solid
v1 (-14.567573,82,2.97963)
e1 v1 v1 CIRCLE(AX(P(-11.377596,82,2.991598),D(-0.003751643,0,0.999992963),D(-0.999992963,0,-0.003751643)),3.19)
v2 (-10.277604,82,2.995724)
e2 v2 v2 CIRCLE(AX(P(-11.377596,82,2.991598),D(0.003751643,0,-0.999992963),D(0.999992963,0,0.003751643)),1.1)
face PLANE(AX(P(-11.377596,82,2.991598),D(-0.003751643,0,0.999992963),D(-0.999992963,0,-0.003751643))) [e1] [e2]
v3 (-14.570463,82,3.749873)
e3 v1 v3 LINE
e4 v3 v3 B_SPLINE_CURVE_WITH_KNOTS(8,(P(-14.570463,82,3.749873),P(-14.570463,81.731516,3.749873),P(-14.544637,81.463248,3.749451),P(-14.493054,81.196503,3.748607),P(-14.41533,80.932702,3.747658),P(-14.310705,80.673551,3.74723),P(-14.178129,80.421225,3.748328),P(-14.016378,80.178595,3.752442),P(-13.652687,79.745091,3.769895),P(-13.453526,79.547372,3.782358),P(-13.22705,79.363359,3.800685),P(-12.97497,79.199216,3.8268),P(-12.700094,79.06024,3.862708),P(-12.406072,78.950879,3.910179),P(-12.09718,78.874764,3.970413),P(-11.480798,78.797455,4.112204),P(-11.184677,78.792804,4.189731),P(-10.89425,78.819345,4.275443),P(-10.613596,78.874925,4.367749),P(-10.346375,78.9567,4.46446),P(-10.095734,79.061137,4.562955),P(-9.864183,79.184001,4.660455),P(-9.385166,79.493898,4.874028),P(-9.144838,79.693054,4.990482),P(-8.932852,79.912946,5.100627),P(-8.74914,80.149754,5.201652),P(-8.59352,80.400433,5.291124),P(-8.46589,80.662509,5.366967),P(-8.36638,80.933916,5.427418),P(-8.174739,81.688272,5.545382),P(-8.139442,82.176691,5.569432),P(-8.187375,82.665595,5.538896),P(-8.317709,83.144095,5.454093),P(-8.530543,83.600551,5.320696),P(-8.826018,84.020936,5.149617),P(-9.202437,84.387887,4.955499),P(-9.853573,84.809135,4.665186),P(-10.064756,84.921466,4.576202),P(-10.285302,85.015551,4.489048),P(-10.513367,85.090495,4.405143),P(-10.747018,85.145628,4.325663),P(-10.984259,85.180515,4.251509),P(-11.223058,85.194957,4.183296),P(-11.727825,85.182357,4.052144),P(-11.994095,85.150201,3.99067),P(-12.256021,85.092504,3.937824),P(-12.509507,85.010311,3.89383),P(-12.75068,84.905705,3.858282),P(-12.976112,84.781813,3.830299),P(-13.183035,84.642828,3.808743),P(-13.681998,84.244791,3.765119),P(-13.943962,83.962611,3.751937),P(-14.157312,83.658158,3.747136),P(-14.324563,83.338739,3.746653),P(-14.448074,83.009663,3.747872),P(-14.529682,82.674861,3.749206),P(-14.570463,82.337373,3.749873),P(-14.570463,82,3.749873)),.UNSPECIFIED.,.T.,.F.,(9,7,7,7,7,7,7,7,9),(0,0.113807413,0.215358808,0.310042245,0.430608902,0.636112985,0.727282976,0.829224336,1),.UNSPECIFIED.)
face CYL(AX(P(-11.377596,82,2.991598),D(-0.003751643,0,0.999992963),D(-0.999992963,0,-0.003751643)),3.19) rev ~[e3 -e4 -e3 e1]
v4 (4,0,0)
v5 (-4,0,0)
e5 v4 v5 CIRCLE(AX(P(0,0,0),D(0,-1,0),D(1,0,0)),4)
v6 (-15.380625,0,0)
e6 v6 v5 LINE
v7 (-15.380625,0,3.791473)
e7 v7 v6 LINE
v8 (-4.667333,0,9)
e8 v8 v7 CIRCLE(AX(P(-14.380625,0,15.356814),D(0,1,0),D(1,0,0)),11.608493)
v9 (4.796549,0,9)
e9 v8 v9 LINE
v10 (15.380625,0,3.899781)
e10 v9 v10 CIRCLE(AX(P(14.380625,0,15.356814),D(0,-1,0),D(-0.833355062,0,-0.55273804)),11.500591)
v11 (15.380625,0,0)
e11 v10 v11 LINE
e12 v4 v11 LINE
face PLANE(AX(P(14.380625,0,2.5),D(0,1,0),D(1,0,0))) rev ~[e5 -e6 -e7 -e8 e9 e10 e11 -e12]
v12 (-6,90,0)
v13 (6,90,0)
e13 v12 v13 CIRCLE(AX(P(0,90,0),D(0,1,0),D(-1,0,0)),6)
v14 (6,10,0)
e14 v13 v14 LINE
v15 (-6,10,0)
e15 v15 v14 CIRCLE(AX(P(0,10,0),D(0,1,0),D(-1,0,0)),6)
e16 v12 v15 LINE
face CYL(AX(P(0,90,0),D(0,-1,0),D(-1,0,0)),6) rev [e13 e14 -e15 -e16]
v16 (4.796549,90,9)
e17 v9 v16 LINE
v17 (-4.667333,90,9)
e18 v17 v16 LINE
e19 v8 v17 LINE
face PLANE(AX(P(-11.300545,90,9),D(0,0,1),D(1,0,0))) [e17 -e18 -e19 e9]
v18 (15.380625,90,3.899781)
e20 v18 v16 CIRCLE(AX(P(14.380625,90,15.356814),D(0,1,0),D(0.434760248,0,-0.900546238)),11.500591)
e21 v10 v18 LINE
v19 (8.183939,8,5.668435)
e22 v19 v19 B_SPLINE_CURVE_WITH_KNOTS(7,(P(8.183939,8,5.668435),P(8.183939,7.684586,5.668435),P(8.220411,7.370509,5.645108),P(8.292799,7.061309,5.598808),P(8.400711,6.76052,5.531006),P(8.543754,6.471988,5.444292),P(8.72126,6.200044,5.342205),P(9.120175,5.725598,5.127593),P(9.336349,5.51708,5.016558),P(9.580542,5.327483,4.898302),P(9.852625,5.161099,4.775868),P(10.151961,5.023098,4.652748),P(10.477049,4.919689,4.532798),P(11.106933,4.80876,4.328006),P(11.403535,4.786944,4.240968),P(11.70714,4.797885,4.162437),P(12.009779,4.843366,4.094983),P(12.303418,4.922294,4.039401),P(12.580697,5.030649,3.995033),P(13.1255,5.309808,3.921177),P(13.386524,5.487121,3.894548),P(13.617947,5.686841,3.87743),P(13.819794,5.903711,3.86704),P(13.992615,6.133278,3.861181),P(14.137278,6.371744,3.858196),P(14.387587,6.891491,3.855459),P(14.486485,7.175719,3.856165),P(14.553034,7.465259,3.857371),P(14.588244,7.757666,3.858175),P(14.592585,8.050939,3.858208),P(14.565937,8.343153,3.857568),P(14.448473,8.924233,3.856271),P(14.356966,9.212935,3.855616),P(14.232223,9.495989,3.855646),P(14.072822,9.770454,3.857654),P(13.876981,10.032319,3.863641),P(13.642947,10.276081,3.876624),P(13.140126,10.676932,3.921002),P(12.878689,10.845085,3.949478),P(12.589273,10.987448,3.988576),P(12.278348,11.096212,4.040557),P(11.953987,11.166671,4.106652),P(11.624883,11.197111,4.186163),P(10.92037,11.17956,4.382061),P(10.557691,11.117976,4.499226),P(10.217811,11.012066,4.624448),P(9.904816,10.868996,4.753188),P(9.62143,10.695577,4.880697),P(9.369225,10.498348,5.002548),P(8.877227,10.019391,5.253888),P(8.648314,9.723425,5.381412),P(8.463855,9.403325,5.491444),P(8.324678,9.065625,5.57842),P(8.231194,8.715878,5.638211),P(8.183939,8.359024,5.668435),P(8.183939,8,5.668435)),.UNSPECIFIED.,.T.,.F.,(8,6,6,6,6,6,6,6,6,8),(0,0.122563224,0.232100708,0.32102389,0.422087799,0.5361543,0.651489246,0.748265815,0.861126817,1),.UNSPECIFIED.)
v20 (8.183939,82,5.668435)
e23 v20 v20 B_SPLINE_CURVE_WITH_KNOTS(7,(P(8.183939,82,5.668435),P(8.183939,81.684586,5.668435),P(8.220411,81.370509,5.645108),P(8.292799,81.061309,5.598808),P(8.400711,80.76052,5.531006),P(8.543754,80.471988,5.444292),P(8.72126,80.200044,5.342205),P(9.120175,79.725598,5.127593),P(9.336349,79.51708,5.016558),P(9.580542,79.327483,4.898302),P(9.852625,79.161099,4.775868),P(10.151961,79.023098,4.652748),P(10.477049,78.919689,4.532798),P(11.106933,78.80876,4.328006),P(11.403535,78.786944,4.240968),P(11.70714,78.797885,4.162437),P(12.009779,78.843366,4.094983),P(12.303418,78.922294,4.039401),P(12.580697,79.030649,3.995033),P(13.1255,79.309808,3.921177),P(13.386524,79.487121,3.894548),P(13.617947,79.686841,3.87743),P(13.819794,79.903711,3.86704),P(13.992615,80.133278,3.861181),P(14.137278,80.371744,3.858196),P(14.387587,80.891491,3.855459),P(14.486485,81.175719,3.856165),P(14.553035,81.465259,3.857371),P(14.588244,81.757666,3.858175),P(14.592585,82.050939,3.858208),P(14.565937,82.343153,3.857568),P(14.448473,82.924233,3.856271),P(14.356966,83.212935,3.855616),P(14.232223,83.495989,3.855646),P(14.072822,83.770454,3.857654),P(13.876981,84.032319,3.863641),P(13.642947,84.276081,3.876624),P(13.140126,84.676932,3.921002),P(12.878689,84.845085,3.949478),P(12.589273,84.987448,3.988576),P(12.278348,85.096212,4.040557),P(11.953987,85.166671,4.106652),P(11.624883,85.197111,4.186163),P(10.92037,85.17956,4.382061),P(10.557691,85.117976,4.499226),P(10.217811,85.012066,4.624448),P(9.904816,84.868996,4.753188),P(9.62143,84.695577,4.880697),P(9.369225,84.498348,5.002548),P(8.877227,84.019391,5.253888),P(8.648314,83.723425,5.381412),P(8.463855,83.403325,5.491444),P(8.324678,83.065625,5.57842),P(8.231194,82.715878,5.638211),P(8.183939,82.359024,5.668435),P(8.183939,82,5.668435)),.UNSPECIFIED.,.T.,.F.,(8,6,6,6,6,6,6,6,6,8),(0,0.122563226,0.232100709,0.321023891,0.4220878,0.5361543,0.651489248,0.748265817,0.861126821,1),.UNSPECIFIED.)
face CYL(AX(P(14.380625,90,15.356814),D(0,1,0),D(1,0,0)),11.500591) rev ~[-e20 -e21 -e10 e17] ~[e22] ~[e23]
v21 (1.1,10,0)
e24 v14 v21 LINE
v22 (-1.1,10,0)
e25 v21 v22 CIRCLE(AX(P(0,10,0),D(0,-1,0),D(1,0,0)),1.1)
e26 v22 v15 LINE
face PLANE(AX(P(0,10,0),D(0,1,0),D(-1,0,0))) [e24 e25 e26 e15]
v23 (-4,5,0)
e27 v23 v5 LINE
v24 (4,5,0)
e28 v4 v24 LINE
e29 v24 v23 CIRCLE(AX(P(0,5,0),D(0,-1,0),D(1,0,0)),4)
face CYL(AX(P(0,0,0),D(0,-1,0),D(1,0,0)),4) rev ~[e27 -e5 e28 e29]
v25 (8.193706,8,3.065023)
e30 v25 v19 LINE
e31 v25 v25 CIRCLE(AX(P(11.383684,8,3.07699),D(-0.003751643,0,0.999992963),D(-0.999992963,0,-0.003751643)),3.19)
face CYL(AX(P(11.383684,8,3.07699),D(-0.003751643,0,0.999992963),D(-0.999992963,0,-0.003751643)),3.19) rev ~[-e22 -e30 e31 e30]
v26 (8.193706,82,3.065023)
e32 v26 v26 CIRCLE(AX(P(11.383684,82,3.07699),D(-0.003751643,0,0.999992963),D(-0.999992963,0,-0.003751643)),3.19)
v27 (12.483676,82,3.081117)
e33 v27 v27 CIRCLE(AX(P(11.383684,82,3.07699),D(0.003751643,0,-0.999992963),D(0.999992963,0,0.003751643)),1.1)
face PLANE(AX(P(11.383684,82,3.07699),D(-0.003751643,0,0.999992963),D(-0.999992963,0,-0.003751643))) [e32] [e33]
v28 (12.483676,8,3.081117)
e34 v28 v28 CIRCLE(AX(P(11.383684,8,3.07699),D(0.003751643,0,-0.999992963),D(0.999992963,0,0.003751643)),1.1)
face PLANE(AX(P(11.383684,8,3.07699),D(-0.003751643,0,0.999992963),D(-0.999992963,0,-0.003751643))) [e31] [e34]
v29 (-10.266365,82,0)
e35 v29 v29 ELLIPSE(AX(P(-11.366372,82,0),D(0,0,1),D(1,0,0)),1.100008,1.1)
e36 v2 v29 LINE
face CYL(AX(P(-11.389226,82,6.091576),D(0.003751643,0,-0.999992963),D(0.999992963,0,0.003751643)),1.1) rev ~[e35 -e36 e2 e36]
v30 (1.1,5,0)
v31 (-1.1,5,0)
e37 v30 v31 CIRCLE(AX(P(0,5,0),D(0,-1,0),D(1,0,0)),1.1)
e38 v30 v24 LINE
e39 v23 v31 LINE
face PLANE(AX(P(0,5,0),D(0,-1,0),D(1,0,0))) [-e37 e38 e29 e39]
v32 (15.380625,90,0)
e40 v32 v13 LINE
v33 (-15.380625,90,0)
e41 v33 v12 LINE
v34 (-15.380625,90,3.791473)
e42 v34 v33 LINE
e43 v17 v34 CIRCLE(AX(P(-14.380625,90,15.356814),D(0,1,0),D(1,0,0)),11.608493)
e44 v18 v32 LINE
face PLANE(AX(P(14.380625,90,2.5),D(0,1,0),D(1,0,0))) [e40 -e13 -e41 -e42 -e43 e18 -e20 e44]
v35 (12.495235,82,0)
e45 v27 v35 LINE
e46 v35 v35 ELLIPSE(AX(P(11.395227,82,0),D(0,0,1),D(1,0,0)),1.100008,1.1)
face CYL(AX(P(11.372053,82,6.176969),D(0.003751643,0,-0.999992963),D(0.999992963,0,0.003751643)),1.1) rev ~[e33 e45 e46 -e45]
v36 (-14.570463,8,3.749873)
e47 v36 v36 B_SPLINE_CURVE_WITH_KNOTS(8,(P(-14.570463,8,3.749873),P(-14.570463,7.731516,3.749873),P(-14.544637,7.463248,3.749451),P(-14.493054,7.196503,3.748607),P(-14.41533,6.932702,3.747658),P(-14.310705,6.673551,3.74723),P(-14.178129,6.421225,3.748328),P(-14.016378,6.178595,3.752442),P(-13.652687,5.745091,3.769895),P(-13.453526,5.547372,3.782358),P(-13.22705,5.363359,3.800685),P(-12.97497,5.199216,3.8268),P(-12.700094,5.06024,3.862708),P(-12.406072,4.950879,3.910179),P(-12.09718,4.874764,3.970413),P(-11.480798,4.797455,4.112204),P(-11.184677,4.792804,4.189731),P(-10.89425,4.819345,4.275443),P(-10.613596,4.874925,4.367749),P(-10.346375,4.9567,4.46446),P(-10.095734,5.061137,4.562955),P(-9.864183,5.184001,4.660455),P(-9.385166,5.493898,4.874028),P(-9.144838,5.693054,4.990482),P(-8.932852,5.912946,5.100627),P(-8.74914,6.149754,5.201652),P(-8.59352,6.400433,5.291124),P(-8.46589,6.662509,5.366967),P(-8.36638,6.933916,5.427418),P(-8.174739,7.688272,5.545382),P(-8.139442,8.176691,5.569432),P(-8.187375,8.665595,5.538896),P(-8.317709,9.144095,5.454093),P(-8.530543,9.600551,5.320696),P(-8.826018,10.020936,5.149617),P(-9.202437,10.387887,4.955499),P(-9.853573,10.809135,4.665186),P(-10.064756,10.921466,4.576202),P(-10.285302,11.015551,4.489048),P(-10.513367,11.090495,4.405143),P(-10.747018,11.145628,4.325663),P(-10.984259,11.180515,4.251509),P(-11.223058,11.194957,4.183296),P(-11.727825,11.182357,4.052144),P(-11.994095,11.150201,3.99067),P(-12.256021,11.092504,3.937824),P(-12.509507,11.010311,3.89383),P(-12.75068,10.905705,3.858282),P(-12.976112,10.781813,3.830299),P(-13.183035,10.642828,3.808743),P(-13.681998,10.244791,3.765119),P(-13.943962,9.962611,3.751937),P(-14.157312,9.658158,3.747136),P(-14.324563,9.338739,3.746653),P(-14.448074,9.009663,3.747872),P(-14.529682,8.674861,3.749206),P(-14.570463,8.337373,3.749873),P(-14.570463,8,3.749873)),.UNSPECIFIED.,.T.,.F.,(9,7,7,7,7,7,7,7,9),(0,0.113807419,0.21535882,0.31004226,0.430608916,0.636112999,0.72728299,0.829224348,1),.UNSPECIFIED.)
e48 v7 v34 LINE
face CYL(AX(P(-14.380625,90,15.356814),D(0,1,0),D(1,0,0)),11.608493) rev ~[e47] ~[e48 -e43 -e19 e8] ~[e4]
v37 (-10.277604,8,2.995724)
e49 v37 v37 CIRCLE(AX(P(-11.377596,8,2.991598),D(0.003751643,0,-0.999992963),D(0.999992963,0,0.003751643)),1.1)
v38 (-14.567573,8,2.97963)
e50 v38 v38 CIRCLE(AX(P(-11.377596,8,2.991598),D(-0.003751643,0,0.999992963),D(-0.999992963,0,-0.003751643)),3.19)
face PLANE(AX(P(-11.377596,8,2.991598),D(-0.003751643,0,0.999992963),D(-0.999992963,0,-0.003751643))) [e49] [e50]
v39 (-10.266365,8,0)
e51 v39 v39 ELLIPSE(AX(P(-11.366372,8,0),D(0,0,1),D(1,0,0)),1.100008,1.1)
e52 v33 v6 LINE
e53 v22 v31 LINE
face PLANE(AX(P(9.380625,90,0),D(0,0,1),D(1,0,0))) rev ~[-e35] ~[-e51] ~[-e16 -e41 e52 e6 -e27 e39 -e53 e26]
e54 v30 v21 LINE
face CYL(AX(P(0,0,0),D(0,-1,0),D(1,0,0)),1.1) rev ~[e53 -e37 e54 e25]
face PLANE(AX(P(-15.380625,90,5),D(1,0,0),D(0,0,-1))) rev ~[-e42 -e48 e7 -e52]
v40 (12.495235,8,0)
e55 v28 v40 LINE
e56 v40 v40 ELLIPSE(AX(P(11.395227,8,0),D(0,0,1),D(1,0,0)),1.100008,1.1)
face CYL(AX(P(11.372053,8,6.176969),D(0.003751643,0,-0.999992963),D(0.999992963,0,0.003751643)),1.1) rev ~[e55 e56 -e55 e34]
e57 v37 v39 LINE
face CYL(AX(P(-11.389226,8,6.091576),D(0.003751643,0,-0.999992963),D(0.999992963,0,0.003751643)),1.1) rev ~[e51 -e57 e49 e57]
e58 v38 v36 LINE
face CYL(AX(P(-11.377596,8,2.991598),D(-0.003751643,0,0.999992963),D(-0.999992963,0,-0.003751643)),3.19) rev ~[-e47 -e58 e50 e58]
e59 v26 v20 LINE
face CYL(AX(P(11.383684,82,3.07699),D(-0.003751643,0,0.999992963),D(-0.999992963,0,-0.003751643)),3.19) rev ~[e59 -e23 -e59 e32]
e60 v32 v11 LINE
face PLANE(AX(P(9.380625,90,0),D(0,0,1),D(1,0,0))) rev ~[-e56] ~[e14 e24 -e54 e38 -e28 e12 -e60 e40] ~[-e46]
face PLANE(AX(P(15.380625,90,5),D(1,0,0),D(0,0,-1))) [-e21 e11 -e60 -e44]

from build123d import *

# Parameters (mm, degrees)
ROTATION1_ANGLE                                     = 180
SCHNITT_LINEAR_AUSTRAGEN2_DEPTH                     = 92.33454987
SCHNITT_LINEAR_AUSTRAGEN2_DEPTH_BACK                = 90
SCHNITT_LINEAR_AUSTRAGEN3_DEPTH                     = 92.33454987
SCHNITT_LINEAR_AUSTRAGEN3_DEPTH_BACK                = 90
SKIZZE8_W                                           = 10
SKIZZE8_H                                           = 5
AUFSATZ_LINEAR_AUSTRAGEN2_DEPTH                     = 90
SKIZZE9_W                                           = 10
SKIZZE9_H                                           = 5
AUFSATZ_LINEAR_AUSTRAGEN3_DEPTH                     = 90
SKIZZE16_R                                          = 1.1
SCHNITT_LINEAR_AUSTRAGEN8_DEPTH                     = 93.717898057
SKIZZE18_R                                          = 4
SCHNITT_LINEAR_AUSTRAGEN9_DEPTH                     = 5
SKIZZE20_W                                          = 21.700648505
SKIZZE20_H                                          = 2
SCHNITT_LINEAR_AUSTRAGEN10_DEPTH                    = 93.717898057
SKIZZE22_R                                          = 11.608493419
SKIZZE22_R_2                                        = 11.500591483
SCHNITT_LINEAR_AUSTRAGEN17_DEPTH                    = 93.501938467
SKIZZE24_W                                          = 4
SKIZZE24_H                                          = 5
SCHNITT_LINEAR_AUSTRAGEN18_DEPTH                    = 93.501938467
STIRNSENKUNG_F_R_M2_SECHSKANTSCHRAUBE_G_D           = 2.2
STIRNSENKUNG_F_R_M2_SECHSKANTSCHRAUBE_G_DEPTH       = 12
STIRNSENKUNG_F_R_M2_SECHSKANTSCHRAUBE_G_CBORE_D     = 6.38
STIRNSENKUNG_F_R_M2_SECHSKANTSCHRAUBE_G_CBORE_DEPTH = 3.1
STIRNSENKUNG_F_R_M2_SECHSKANTSCHRAUBE_G_TIP         = 0.660946681


with BuildPart() as part:
    # Skizze3 → Rotation1 (revolve)
    with BuildSketch(Plane.XY):
        Polygon((0, 0), (-11, 0), (-11, 90), (-6, 90), (-6, 10), (0, 10), align=None)
    revolve(axis=Axis((0, 0, 0), (0, 1, 0)), revolution_arc=ROTATION1_ANGLE)

    # Skizze6 → Schnitt-Linear austragen2 (cut, two sides: drawn at the far end of the back side and taken through both)
    with BuildSketch(Plane(origin=(0, 90, 0), x_dir=(1, 0, 0), z_dir=(0, 1, 0)).offset(-SCHNITT_LINEAR_AUSTRAGEN2_DEPTH_BACK)):
        Polygon((-9.380624863, -62.0642209), (-9.380624863, -5.744900102), (-9.380624863, 0), (-9.380624863, 56.319320799), (-122.01926646, 56.319320799), (-122.01926646, -62.0642209), align=None)
    extrude(amount=SCHNITT_LINEAR_AUSTRAGEN2_DEPTH + SCHNITT_LINEAR_AUSTRAGEN2_DEPTH_BACK, mode=Mode.SUBTRACT)

    # Skizze7 → Schnitt-Linear austragen3 (cut, two sides: drawn at the far end of the back side and taken through both)
    with BuildSketch(Plane.XZ.offset(-SCHNITT_LINEAR_AUSTRAGEN3_DEPTH_BACK)):
        Polygon((9.380624863, 59.241313346), (9.380624863, 5.744900102), (9.380624863, 0), (9.380624863, -53.496413245), (116.373451353, -53.496413245), (116.373451353, 59.241313346), align=None)
    extrude(amount=SCHNITT_LINEAR_AUSTRAGEN3_DEPTH + SCHNITT_LINEAR_AUSTRAGEN3_DEPTH_BACK, mode=Mode.SUBTRACT)

    # Skizze8 → Aufsatz-Linear austragen2 (add)
    with BuildSketch(Plane(origin=(0, 90, 0), x_dir=(1, 0, 0), z_dir=(0, 1, 0))):
        with Locations((-14.380624863, -2.5)):
            Rectangle(SKIZZE8_W, SKIZZE8_H)
    extrude(amount=-AUFSATZ_LINEAR_AUSTRAGEN2_DEPTH)

    # Skizze9 → Aufsatz-Linear austragen3 (add)
    with BuildSketch(Plane(origin=(0, 90, 0), x_dir=(1, 0, 0), z_dir=(0, 1, 0))):
        with Locations((14.380624863, -2.5)):
            Rectangle(SKIZZE9_W, SKIZZE9_H)
    extrude(amount=-AUFSATZ_LINEAR_AUSTRAGEN3_DEPTH)

    # Skizze16 → Schnitt-Linear austragen8 (cut, through all)
    with BuildSketch(Plane.XZ):
        Circle(SKIZZE16_R)
    extrude(amount=-SCHNITT_LINEAR_AUSTRAGEN8_DEPTH, mode=Mode.SUBTRACT)

    # Skizze18 → Schnitt-Linear austragen9 (cut)
    with BuildSketch(Plane.XZ):
        Circle(SKIZZE18_R)
    extrude(amount=-SCHNITT_LINEAR_AUSTRAGEN9_DEPTH, mode=Mode.SUBTRACT)

    # Skizze20 → Schnitt-Linear austragen10 (cut, through all)
    with BuildSketch(Plane(origin=(0, 90, 0), x_dir=(1, 0, 0), z_dir=(0, 1, 0))):
        with Locations((-0.450220923, -10)):
            Rectangle(SKIZZE20_W, SKIZZE20_H)
    extrude(amount=-SCHNITT_LINEAR_AUSTRAGEN10_DEPTH, mode=Mode.SUBTRACT)

    # Skizze22 → Schnitt-Linear austragen17 (cut, through all)
    with BuildSketch(Plane(origin=(0, 90, 0), x_dir=(1, 0, 0), z_dir=(0, 1, 0))):
        with Locations((-14.380624863, -15.356814397)):
            Circle(SKIZZE22_R)
        with Locations((14.380624863, -15.356814397)):
            Circle(SKIZZE22_R_2)
    extrude(amount=-SCHNITT_LINEAR_AUSTRAGEN17_DEPTH, mode=Mode.SUBTRACT)

    # Skizze24 → Schnitt-Linear austragen18 (cut, through all)
    with BuildSketch(Plane(origin=(0, 90, 0), x_dir=(1, 0, 0), z_dir=(0, 1, 0))):
        with Locations((17.380624863, -2.5)):
            Rectangle(SKIZZE24_W, SKIZZE24_H)
        with Locations((-17.380624863, -2.5)):
            Rectangle(SKIZZE24_W, SKIZZE24_H)
    extrude(amount=-SCHNITT_LINEAR_AUSTRAGEN18_DEPTH, mode=Mode.SUBTRACT)

    # Stirnsenkung für M2 Sechskantschraube, Gewinde bis Kopf10
    with Locations(Plane(origin=(-0.023013558, 0, 6.13421813), x_dir=(-0.9999929625632231, 0, -0.0037516428439037797), z_dir=(-0.0037516428439037797, 0, 0.9999929625632231))):
        with Locations((11.36629237, -82), (11.36629237, -8), (-11.39514721, -8), (-11.39514721, -82)):
            CounterBoreHole(STIRNSENKUNG_F_R_M2_SECHSKANTSCHRAUBE_G_D / 2, STIRNSENKUNG_F_R_M2_SECHSKANTSCHRAUBE_G_CBORE_D / 2, STIRNSENKUNG_F_R_M2_SECHSKANTSCHRAUBE_G_CBORE_DEPTH, depth=STIRNSENKUNG_F_R_M2_SECHSKANTSCHRAUBE_G_DEPTH)
            with Locations((0, 0, -(STIRNSENKUNG_F_R_M2_SECHSKANTSCHRAUBE_G_DEPTH + STIRNSENKUNG_F_R_M2_SECHSKANTSCHRAUBE_G_TIP / 2))):  # 118° drill point
                Cone(0, STIRNSENKUNG_F_R_M2_SECHSKANTSCHRAUBE_G_D / 2, STIRNSENKUNG_F_R_M2_SECHSKANTSCHRAUBE_G_TIP, mode=Mode.SUBTRACT)


solid = part.part
